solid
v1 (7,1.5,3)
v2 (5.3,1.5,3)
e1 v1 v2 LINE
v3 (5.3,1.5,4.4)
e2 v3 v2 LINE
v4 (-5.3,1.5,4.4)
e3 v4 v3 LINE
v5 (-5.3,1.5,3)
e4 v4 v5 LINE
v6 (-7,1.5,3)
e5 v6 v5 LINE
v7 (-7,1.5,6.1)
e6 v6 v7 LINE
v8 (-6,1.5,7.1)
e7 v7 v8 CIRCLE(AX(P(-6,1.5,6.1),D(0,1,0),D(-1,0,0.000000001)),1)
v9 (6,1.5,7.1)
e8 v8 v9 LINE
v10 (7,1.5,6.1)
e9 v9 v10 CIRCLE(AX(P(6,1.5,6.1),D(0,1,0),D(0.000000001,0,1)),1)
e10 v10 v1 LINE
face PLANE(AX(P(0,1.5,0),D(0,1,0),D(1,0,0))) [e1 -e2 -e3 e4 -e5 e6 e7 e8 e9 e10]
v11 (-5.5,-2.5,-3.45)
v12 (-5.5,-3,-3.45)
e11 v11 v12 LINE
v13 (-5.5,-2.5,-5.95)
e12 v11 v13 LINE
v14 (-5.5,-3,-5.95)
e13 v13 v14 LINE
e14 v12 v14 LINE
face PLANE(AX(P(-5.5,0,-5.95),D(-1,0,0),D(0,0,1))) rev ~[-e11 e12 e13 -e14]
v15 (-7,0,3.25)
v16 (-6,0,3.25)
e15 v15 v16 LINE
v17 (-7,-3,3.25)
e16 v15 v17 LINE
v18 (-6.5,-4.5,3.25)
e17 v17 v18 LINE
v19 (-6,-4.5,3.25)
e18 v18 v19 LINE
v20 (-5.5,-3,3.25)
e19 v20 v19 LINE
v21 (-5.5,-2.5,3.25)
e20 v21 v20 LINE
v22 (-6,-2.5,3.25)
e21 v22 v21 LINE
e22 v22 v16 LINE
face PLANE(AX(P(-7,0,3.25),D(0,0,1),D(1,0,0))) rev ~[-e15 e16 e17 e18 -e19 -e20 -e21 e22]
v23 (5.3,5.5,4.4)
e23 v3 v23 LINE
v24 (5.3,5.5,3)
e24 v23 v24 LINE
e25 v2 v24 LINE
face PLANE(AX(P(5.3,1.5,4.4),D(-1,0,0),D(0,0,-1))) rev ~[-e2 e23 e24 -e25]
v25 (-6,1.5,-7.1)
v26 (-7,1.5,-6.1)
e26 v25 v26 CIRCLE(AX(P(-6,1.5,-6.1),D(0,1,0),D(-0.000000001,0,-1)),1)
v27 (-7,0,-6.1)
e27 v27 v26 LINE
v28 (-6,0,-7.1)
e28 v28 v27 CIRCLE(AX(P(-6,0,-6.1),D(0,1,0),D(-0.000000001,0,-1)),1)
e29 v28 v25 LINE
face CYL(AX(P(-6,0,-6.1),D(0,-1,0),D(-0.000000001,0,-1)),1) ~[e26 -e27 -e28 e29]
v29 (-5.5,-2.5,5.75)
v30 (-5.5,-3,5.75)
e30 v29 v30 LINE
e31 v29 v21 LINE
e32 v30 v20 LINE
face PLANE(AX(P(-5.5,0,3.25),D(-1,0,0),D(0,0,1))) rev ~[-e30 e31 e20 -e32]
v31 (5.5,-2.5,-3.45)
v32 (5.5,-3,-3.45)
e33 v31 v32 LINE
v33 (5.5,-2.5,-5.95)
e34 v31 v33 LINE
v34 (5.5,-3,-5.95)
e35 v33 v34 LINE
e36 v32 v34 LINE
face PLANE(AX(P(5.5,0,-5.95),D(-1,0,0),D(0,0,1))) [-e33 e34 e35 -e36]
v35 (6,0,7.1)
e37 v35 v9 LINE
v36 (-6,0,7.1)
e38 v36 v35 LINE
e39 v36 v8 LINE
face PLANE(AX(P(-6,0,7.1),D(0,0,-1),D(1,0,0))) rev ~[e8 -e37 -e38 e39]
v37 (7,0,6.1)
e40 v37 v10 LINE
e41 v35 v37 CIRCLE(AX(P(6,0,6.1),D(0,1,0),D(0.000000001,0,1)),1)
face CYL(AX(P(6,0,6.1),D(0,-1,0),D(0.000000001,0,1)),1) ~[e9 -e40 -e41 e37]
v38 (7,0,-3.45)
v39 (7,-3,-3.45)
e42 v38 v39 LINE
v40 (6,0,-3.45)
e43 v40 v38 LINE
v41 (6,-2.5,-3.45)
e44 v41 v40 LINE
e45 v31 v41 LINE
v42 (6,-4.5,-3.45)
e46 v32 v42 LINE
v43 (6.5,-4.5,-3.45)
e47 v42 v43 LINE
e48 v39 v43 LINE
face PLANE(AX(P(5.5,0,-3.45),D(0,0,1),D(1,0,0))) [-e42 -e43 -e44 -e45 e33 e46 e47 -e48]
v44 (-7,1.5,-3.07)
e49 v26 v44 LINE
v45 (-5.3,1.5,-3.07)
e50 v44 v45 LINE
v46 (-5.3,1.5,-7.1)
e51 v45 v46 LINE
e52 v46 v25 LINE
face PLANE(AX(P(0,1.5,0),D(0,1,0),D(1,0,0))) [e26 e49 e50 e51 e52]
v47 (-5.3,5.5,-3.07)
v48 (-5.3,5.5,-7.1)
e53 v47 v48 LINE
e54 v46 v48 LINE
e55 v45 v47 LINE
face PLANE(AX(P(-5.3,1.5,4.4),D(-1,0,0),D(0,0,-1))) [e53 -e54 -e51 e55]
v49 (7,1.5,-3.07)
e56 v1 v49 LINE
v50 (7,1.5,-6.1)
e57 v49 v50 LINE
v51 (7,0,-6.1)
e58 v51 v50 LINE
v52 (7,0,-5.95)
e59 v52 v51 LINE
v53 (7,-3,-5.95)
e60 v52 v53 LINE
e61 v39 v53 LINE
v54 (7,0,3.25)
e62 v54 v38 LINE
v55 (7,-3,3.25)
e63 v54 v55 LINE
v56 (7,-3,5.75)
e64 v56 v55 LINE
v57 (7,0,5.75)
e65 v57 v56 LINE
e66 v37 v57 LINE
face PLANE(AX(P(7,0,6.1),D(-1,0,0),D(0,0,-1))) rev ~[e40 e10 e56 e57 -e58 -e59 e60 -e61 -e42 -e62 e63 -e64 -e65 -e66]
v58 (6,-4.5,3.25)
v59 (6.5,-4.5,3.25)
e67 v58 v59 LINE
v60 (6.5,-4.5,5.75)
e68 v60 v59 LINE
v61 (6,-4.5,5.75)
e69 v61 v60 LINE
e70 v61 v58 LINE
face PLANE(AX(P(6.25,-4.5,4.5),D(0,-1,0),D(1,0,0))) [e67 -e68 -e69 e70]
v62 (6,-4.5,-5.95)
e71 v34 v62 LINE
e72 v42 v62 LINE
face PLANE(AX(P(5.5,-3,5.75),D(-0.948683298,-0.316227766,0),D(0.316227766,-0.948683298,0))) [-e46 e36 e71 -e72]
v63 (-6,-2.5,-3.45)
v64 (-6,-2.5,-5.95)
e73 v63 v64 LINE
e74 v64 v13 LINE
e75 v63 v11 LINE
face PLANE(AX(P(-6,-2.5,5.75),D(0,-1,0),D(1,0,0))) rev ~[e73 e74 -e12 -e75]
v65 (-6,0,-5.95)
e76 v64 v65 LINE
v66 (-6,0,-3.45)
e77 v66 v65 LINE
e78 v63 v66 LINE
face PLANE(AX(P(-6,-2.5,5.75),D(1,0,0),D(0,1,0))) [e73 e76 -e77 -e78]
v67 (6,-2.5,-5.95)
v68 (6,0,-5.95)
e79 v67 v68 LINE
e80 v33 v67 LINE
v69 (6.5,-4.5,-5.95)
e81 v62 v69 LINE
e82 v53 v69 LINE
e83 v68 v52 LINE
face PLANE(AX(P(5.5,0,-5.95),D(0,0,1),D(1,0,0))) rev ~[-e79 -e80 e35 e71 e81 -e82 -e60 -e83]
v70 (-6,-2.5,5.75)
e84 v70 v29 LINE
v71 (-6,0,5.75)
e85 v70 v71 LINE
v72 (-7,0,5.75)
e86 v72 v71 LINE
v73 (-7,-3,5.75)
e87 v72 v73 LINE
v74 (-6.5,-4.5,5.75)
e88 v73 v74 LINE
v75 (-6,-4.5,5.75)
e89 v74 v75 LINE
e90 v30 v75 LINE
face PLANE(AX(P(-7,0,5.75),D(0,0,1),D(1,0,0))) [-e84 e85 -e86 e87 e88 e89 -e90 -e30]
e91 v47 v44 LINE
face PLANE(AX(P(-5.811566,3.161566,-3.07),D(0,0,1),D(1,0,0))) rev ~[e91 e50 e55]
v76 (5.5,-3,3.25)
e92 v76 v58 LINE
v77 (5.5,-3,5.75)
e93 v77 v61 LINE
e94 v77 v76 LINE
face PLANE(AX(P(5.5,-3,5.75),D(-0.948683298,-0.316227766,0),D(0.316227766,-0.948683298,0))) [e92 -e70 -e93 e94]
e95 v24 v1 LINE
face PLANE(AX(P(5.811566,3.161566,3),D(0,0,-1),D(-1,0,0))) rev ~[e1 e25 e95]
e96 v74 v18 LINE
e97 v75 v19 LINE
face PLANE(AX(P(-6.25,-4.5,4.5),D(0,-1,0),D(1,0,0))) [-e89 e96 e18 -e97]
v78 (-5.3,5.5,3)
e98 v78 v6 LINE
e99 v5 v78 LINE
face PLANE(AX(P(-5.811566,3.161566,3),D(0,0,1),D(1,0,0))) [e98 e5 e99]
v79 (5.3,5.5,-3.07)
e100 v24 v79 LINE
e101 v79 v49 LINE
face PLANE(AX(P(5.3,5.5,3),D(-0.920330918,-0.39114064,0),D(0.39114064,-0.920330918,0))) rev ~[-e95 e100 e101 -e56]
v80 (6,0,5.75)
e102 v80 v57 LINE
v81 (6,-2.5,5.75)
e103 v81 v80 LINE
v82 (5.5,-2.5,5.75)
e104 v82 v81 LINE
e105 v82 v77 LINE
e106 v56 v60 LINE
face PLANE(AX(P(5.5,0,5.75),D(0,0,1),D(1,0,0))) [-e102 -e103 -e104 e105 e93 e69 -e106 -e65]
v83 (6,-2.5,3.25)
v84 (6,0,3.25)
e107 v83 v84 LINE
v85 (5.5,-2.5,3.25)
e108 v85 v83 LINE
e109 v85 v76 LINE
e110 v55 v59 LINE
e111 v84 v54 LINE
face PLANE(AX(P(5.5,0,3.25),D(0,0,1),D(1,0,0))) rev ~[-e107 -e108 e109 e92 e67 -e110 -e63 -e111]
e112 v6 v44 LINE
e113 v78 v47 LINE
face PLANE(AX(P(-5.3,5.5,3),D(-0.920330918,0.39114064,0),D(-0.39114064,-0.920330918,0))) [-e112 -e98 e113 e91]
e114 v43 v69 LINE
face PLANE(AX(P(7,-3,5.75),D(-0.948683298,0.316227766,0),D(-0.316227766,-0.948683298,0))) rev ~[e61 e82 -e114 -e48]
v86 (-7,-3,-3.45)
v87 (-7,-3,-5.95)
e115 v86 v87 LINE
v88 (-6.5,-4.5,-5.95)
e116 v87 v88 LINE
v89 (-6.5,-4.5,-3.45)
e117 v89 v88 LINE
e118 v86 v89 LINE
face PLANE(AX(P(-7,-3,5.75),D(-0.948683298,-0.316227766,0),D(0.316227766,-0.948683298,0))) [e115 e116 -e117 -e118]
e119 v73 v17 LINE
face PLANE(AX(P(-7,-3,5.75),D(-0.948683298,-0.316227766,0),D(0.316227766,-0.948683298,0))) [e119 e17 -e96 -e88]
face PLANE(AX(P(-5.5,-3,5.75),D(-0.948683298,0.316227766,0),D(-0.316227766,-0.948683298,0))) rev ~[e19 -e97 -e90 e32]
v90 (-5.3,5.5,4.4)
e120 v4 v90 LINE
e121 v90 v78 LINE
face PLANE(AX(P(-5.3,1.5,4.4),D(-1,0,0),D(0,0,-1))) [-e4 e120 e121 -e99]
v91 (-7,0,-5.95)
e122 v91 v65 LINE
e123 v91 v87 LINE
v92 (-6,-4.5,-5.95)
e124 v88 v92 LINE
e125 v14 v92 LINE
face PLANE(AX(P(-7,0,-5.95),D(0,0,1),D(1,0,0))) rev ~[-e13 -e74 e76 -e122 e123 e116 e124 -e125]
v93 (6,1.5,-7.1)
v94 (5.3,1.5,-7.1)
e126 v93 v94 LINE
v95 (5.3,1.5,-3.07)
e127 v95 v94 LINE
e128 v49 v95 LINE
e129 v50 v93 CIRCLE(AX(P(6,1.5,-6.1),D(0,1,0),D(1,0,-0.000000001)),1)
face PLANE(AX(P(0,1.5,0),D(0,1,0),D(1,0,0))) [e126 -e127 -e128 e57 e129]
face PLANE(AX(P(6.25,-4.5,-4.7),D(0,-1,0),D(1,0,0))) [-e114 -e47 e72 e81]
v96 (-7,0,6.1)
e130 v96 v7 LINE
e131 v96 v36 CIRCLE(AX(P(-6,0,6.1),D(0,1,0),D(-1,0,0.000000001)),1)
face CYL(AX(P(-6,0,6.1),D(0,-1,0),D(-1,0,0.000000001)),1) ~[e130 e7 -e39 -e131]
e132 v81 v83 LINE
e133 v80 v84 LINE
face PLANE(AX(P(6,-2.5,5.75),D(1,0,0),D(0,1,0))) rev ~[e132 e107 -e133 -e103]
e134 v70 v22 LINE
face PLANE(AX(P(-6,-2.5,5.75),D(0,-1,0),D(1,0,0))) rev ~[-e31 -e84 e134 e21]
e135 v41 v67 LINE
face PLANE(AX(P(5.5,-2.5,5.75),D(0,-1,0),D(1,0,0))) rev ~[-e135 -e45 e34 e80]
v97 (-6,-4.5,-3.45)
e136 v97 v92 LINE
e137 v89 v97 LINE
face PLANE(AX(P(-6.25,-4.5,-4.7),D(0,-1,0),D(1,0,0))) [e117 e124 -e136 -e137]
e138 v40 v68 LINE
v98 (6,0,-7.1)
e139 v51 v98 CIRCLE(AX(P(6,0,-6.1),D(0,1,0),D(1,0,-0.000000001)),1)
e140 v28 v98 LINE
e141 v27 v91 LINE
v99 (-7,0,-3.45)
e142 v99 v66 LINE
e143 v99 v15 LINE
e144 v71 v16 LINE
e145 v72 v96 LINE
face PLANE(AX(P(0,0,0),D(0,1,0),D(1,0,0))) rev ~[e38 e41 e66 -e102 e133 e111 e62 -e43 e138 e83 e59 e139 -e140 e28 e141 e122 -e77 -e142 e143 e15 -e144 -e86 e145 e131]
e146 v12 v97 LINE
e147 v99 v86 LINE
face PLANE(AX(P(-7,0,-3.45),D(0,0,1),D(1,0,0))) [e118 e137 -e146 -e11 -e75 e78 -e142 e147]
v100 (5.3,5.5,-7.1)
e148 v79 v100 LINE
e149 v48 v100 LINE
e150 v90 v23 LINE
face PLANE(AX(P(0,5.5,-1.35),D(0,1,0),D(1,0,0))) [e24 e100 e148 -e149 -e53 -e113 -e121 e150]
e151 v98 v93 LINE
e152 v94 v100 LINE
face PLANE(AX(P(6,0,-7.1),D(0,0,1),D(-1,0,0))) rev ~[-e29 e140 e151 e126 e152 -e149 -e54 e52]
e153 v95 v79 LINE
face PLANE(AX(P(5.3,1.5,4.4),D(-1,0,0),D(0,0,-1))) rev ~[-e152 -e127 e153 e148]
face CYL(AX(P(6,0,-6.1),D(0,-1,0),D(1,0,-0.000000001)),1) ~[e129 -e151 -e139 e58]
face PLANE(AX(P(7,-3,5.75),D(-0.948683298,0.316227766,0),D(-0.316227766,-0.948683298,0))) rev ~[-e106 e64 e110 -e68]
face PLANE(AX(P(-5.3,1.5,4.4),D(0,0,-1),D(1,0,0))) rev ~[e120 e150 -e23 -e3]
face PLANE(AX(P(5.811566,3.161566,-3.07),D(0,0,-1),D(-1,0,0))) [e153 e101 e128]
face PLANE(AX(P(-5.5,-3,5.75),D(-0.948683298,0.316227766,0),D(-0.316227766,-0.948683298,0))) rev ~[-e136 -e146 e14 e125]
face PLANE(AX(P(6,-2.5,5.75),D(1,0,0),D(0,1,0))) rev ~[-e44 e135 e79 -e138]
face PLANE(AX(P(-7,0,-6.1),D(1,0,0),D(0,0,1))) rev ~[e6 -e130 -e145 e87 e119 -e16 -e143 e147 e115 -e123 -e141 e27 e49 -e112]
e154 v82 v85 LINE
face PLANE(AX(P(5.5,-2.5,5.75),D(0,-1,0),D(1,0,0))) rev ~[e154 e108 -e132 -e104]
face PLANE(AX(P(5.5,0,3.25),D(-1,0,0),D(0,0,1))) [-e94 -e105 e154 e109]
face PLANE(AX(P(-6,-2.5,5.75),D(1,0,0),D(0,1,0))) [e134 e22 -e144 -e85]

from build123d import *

# Parameters (mm, degrees)
BOSS_EXTRUDE1_DEPTH = 1.5
SKETCH2_W           = 10.6
SKETCH2_H           = 11.5
BOSS_EXTRUDE2_DEPTH = 4
BOSS_EXTRUDE4_DEPTH = 6.07
SKETCH5_W           = 1.5
SKETCH5_H           = 2.5
BOSS_EXTRUDE5_DEPTH = 4.5
SKETCH6_W           = 0.5
SKETCH6_H           = 2.5
CUT_EXTRUDE1_DEPTH  = 16.632418239


with BuildPart() as part:
    # Sketch1 → Boss-Extrude1 (new body)
    with BuildSketch(Plane(origin=(0, 0, 0), x_dir=(1, 0, 0), z_dir=(0, 1, 0))):
        with BuildLine():
            Line((-6, -7.1), (6, -7.1))
            ThreePointArc((6, -7.1), (6.707106781, -6.807106781), (7, -6.1))
            Line((7, -6.1), (7, 6.1))
            ThreePointArc((7, 6.1), (6.707106781, 6.807106781), (6, 7.1))
            Line((6, 7.1), (-6, 7.1))
            ThreePointArc((-6, 7.1), (-6.707106781, 6.807106781), (-7, 6.1))
            Line((-7, 6.1), (-7, -6.1))
            ThreePointArc((-7, -6.1), (-6.707106781, -6.807106781), (-6, -7.1))
        make_face()
    extrude(amount=BOSS_EXTRUDE1_DEPTH)

    # Sketch2 → Boss-Extrude2 (add)
    with BuildSketch(Plane(origin=(0, 1.5, 0), x_dir=(1, 0, 0), z_dir=(0, 1, 0))):
        with Locations((0, 1.35)):
            Rectangle(SKETCH2_W, SKETCH2_H)
    extrude(amount=BOSS_EXTRUDE2_DEPTH)

    # Sketch4 → Boss-Extrude4 (add)
    with BuildSketch(Plane.XY.offset(3)):
        Polygon((-5.3, 5.5), (-7, 1.5), (-5.3, 1.5), align=None)
        Polygon((5.3, 5.5), (7, 1.5), (5.3, 1.5), align=None)
    extrude(amount=-BOSS_EXTRUDE4_DEPTH)

    # Sketch5 → Boss-Extrude5 (add)
    with BuildSketch(Plane.XZ):
        with Locations((-6.25, 4.5)):
            Rectangle(SKETCH5_W, SKETCH5_H)
        with Locations((-6.25, -4.7)):
            Rectangle(SKETCH5_W, SKETCH5_H)
        with Locations((6.25, -4.7)):
            Rectangle(SKETCH5_W, SKETCH5_H)
        with Locations((6.25, 4.5)):
            Rectangle(SKETCH5_W, SKETCH5_H)
    extrude(amount=BOSS_EXTRUDE5_DEPTH)

    # Sketch6 → Cut-Extrude1 (cut, through all)
    with BuildSketch(Plane.XY.offset(5.75)):
        with Locations((-5.75, -1.25)):
            Rectangle(SKETCH6_W, SKETCH6_H)
        Polygon((-7, -4.5), (-7, -3), (-6.5, -4.5), align=None)
        Polygon((-5.5, -3), (-6, -4.5), (-5.5, -4.5), align=None)
        with Locations((5.75, -1.25)):
            Rectangle(SKETCH6_W, SKETCH6_H)
        Polygon((5.5, -3), (6, -4.5), (5.5, -4.5), align=None)
        Polygon((7, -4.5), (7, -3), (6.5, -4.5), align=None)
    extrude(amount=-CUT_EXTRUDE1_DEPTH, mode=Mode.SUBTRACT)


solid = part.part
